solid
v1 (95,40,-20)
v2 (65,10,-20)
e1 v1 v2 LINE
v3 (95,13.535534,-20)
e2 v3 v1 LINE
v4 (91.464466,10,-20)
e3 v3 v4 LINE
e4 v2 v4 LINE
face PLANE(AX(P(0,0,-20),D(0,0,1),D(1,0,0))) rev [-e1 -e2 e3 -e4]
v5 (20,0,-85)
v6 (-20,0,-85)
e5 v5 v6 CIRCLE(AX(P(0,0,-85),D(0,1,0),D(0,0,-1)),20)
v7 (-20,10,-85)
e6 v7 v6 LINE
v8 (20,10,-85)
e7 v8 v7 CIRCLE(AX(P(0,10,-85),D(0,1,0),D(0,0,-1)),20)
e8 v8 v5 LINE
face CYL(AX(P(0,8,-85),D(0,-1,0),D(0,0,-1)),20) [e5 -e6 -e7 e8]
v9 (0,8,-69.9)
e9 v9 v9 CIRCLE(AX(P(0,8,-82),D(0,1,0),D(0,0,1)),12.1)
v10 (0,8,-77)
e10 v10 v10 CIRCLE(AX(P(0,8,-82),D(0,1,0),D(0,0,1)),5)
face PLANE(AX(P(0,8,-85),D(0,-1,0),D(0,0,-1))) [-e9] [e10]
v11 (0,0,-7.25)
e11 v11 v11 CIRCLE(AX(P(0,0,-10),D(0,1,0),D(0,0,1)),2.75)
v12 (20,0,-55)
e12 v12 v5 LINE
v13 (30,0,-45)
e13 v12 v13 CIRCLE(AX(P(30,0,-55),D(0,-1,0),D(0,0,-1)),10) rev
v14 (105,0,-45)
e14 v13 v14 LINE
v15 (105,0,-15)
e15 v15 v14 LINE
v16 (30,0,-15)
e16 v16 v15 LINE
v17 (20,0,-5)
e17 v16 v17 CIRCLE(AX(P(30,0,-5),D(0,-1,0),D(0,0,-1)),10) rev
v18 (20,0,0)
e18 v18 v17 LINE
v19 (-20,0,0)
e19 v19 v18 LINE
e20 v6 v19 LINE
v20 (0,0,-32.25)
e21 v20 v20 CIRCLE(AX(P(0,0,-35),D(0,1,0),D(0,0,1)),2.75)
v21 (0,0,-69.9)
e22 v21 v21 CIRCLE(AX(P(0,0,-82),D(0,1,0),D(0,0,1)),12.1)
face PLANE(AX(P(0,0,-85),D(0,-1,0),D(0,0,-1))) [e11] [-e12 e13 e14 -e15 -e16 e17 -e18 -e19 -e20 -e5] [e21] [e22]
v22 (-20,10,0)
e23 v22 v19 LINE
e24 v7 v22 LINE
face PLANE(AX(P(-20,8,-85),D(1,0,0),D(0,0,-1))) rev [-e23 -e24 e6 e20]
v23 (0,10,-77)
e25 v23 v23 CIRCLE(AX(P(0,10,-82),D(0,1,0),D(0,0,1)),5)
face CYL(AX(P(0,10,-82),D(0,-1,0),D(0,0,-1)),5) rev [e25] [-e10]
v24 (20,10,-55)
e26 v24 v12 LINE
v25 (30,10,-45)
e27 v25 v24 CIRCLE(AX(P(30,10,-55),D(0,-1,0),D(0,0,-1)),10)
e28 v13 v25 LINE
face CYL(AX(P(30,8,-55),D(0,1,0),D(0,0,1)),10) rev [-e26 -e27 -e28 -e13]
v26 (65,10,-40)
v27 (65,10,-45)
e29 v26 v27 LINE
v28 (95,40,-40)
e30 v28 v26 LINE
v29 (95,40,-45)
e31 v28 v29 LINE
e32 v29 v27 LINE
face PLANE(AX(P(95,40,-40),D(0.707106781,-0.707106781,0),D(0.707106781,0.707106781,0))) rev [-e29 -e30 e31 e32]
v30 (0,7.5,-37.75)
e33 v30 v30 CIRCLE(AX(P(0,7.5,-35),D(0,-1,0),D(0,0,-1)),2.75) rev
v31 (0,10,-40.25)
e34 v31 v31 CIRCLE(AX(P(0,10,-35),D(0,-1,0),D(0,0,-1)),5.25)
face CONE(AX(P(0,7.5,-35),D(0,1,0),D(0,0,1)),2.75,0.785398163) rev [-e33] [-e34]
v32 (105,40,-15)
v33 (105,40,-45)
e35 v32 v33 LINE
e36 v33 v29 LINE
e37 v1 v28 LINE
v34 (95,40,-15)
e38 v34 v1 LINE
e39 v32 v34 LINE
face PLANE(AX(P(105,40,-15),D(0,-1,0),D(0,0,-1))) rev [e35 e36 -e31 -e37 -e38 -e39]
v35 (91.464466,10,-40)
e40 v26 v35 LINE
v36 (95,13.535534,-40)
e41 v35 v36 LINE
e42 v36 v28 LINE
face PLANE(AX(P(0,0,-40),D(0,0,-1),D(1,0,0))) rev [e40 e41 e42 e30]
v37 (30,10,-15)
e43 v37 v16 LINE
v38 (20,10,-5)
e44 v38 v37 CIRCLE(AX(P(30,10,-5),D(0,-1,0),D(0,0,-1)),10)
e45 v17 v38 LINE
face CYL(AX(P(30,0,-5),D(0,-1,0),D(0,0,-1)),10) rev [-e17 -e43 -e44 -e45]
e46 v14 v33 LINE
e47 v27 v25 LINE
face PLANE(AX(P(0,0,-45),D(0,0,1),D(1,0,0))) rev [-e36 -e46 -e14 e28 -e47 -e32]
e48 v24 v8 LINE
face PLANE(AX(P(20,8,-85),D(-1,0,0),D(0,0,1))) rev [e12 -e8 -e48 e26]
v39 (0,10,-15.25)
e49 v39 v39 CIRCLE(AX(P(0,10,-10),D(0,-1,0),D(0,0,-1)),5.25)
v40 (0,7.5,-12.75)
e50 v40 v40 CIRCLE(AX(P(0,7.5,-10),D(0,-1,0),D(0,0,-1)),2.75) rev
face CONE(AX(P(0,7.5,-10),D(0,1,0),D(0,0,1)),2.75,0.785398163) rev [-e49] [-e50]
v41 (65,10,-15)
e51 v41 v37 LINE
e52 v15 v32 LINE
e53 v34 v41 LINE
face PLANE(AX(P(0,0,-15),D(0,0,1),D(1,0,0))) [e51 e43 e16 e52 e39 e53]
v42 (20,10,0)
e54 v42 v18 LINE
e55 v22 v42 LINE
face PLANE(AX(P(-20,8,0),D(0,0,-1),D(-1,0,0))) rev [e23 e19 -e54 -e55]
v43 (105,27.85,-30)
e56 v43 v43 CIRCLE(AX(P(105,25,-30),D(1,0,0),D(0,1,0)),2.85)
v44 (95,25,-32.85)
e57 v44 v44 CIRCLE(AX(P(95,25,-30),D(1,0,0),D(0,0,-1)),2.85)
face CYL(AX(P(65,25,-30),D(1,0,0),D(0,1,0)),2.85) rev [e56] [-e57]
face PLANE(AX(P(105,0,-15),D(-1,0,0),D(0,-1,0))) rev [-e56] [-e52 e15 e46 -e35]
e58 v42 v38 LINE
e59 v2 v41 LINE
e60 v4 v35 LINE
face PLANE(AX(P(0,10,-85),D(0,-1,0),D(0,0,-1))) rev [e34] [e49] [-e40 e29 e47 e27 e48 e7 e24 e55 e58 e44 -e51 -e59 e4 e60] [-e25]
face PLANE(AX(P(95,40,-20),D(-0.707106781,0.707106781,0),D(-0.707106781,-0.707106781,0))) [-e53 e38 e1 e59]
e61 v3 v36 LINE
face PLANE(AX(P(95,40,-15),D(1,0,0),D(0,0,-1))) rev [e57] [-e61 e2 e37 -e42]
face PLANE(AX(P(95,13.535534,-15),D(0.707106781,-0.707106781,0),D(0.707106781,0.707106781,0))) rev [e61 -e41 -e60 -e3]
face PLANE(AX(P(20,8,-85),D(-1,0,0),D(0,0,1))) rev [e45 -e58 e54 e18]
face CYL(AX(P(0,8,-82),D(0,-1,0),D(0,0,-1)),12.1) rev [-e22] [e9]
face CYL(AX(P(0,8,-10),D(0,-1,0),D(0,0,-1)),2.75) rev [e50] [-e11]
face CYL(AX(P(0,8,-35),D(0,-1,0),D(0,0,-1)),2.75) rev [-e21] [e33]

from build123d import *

# Parameters (mm, degrees)
SKETCH1_R           = 2.75
SKETCH1_R_2         = 12.1
BOSS_EXTRUDE1_DEPTH = 8
SKETCH3_R           = 2.75
SKETCH3_R_2         = 5
BOSS_EXTRUDE3_DEPTH = 2
BOSS_EXTRUDE4_DEPTH = 15
FILLET1_R           = 10
SKETCH5_R           = 2.85
CUT_EXTRUDE1_DEPTH  = 40
BOSS_EXTRUDE5_DEPTH = 5
CHAMFER1_SIZE       = 2.5


with BuildPart() as part:
    # Sketch1 → Boss-Extrude1 (new body)
    with BuildSketch(Plane(origin=(0, 0, 0), x_dir=(1, 0, 0), z_dir=(0, 1, 0))):
        with BuildLine():
            Line((-20, 0), (20, 0))
            Line((20, 0), (20, 85))
            ThreePointArc((20, 85), (0, 105), (-20, 85))
            Line((-20, 85), (-20, 0))
        make_face()
        with Locations(Location((0, 10, 0), (0, 0, 270))):
            Circle(SKETCH1_R, mode=Mode.SUBTRACT)
        with Locations(Location((0, 82, 0), (0, 0, 270))):
            Circle(SKETCH1_R_2, mode=Mode.SUBTRACT)
        with Locations(Location((0, 35, 0), (0, 0, 270))):
            Circle(SKETCH1_R, mode=Mode.SUBTRACT)
    extrude(amount=BOSS_EXTRUDE1_DEPTH)

    # Sketch3 → Boss-Extrude3 (add)
    with BuildSketch(Plane(origin=(0, 8, 0), x_dir=(1, 0, 0), z_dir=(0, 1, 0))):
        with BuildLine():
            Line((-20, 0), (20, 0))
            Line((20, 0), (20, 85))
            ThreePointArc((20, 85), (0, 105), (-20, 85))
            Line((-20, 85), (-20, 0))
        make_face()
        with Locations(Location((0, 10, 0), (0, 0, 270))):
            Circle(SKETCH3_R, mode=Mode.SUBTRACT)
        with Locations(Location((0, 35, 0), (0, 0, 270))):
            Circle(SKETCH3_R, mode=Mode.SUBTRACT)
        with Locations(Location((0, 82, 0), (0, 0, 270))):
            Circle(SKETCH3_R_2, mode=Mode.SUBTRACT)
    extrude(amount=BOSS_EXTRUDE3_DEPTH)

    # Sketch4 → Boss-Extrude4 (add, symmetric)
    with BuildSketch(Plane.XY.offset(-30)):
        Polygon((20, 0), (105, 0), (105, 40), (95, 40), (95, 13.535533906), (91.464466094, 10), (20, 10), align=None)
    extrude(amount=BOSS_EXTRUDE4_DEPTH, both=True)

    # Fillet1
    fillet1_edges = [part.edges().sort_by_distance(p)[0] for p in [
        (20, 5, -45),
        (20, 5, -15),
    ]]
    fillet(fillet1_edges, radius=FILLET1_R)

    # Sketch5 → Cut-Extrude1 (cut)
    with BuildSketch(Plane(origin=(105, 0, 0), x_dir=(0, 0, -1), z_dir=(1, 0, 0))):
        with Locations(Location((30, 25, 0), (0, 0, 90))):
            Circle(SKETCH5_R)
    extrude(amount=-CUT_EXTRUDE1_DEPTH, mode=Mode.SUBTRACT)

    # Sketch6 → Boss-Extrude5 (add)
    with BuildSketch(Plane.XY.offset(-15)):
        Polygon((65, 10), (95, 10), (95, 40), align=None)
    boss_extrude5 = extrude(amount=-BOSS_EXTRUDE5_DEPTH)

    # Mirror1: Boss-Extrude5 across plane
    add(boss_extrude5.mirror(Plane.XY.offset(-30)))

    # Chamfer1
    chamfer1_edges = [part.edges().sort_by_distance(p)[0] for p in [
        (0, 10, -12.75),
        (0, 10, -37.75),
    ]]
    chamfer(chamfer1_edges, length=CHAMFER1_SIZE)


solid = part.part
